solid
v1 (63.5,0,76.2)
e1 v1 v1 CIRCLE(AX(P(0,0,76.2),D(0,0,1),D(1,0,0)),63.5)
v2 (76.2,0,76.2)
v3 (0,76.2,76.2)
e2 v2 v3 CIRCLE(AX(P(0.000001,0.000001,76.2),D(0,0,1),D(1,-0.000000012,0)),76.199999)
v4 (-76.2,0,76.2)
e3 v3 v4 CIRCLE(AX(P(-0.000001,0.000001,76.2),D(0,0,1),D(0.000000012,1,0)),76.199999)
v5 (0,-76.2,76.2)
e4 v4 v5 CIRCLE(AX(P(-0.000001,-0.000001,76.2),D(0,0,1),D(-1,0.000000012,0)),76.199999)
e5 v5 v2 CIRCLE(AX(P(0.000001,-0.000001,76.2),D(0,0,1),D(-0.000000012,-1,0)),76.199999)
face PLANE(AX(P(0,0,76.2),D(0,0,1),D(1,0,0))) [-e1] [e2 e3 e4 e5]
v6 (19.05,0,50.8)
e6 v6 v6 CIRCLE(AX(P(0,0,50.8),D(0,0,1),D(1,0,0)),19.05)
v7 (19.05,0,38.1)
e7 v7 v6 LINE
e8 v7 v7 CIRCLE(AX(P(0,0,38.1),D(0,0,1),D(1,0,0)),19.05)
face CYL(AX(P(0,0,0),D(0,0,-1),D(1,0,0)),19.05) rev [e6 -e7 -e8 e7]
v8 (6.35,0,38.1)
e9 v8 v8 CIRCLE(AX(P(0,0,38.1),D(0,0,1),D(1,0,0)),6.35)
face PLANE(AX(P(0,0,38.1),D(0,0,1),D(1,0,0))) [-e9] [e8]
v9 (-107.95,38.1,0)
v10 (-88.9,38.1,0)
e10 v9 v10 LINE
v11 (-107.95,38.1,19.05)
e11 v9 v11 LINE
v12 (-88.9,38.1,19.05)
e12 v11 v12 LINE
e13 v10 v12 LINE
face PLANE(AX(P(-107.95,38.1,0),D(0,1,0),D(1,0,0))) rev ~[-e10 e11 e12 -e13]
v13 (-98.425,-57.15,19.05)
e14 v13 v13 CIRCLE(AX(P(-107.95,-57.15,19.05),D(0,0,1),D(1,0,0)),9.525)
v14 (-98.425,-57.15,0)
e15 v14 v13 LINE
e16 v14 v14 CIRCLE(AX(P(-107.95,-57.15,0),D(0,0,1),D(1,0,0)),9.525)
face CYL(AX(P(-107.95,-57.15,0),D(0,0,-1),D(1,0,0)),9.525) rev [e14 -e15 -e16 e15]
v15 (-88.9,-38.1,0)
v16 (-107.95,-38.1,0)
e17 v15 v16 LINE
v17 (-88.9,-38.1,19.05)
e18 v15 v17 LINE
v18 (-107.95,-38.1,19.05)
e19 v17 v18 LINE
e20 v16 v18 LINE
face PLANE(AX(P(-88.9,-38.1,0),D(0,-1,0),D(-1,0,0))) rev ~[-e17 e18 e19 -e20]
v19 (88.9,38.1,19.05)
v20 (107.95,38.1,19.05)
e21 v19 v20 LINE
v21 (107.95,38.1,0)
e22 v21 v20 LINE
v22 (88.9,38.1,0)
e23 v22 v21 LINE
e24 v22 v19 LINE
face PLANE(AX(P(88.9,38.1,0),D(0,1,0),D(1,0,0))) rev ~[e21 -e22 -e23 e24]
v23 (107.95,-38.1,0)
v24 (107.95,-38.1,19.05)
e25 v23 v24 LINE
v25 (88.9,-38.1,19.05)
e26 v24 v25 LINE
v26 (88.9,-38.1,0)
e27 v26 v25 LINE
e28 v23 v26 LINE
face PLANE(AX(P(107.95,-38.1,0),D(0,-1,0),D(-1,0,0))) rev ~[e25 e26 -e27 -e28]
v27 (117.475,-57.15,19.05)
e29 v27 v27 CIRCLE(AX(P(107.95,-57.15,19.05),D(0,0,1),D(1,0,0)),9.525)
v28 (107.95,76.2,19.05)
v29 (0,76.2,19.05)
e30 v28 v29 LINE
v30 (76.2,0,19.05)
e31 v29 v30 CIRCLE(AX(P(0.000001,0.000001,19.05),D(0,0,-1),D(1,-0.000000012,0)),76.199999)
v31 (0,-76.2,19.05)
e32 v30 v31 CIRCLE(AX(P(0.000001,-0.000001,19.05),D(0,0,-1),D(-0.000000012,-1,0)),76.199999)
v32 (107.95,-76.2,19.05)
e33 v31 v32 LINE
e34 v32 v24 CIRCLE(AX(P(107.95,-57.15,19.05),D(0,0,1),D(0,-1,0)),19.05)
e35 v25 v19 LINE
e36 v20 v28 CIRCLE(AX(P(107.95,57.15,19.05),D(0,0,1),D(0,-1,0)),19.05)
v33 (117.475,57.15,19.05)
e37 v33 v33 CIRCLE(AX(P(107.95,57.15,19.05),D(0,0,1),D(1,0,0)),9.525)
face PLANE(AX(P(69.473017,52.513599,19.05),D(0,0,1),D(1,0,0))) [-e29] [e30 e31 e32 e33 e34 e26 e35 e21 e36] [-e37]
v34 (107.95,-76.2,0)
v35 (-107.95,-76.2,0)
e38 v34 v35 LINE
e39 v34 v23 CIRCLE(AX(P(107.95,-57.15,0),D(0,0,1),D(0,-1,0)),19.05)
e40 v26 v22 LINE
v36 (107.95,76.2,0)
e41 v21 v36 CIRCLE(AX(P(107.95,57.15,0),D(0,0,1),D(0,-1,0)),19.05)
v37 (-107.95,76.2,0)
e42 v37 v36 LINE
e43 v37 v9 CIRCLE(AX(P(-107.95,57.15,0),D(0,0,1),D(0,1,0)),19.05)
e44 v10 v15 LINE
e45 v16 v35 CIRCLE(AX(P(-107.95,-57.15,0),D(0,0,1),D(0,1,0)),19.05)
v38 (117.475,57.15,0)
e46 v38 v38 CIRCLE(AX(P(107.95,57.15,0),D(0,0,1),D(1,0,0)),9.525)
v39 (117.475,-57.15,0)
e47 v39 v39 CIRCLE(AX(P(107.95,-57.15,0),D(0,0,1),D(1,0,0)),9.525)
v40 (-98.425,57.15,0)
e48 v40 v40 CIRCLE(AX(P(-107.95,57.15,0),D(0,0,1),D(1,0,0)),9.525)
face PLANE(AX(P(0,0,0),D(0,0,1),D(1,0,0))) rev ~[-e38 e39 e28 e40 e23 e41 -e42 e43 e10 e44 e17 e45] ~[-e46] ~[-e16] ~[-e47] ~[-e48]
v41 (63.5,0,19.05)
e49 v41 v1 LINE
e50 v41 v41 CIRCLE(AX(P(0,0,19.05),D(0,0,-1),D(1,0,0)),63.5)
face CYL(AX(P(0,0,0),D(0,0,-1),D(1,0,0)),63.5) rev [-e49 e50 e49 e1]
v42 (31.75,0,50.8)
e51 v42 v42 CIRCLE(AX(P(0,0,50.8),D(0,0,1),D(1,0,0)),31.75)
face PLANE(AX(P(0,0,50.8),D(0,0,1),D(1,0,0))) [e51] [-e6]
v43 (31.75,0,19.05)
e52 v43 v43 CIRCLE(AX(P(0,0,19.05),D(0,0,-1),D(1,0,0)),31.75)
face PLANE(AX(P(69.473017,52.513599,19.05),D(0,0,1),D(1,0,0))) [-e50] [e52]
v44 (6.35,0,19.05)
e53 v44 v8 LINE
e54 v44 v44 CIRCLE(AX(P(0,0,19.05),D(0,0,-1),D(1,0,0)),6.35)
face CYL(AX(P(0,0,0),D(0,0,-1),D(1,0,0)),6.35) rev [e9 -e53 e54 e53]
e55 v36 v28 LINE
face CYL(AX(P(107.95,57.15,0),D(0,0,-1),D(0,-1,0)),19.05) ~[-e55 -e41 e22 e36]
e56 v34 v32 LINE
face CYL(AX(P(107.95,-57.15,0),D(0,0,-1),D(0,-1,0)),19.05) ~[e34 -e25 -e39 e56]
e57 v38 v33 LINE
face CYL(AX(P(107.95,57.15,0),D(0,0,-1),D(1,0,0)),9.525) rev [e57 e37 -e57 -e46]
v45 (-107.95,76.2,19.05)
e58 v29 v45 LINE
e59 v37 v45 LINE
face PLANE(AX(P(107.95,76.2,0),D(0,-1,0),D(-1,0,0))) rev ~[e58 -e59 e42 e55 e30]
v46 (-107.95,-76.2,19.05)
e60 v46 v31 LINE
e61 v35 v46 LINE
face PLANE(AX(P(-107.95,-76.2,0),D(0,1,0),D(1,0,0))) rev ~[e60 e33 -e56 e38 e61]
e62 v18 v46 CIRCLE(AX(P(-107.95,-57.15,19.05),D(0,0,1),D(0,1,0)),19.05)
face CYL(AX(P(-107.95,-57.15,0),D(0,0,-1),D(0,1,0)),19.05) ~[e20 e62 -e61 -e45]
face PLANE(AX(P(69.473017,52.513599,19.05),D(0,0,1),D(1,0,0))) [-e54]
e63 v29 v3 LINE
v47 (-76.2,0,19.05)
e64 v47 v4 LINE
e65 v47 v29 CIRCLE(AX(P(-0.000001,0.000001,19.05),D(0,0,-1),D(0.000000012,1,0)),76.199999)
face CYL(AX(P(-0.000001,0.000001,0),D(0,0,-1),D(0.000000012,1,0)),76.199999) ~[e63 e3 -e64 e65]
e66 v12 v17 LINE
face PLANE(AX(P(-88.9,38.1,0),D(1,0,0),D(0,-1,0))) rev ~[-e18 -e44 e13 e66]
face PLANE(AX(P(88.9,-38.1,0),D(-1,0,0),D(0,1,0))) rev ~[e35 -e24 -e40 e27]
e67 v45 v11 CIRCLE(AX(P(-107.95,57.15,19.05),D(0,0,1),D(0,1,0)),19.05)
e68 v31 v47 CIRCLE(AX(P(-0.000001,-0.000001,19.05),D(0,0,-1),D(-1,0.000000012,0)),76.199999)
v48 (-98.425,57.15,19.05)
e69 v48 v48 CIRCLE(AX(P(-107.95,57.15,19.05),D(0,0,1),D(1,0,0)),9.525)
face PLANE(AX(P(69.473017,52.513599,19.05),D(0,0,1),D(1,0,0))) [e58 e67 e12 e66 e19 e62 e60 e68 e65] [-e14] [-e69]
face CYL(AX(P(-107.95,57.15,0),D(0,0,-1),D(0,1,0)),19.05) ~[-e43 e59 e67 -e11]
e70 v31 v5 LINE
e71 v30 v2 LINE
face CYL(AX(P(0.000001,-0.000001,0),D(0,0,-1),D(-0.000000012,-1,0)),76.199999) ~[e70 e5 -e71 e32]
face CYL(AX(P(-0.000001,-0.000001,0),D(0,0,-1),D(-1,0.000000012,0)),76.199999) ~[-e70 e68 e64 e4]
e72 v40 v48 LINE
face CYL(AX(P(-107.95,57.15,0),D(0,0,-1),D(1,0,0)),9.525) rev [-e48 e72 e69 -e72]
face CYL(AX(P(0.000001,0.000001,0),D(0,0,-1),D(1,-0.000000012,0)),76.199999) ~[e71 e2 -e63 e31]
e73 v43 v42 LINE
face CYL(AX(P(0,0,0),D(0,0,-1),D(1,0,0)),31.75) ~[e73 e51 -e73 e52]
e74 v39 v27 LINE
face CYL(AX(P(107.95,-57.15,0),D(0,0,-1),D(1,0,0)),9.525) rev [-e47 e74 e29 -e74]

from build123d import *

# Parameters (mm, degrees)
F0_R     = 9.525
F0_R_2   = 63.5
F0_R_3   = 31.75
F0_R_4   = 19.05
F0_R_5   = 6.35
F1_DEPTH = 19.05
F2_DEPTH = 76.2
F3_DEPTH = 50.8
F4_DEPTH = 38.1


with BuildPart() as f1:
    # F0 (on Top) → F1 (new body)
    with BuildSketch(Plane.XY):
        with BuildLine():
            ThreePointArc((0, 76.2), (53.881537, 53.881537), (76.2, 0))
            Line((76.2, 0), (88.9, 0))
            Line((88.9, 0), (88.9, 38.1))
            Line((88.9, 38.1), (107.95, 38.1))
            ThreePointArc((107.95, 38.1), (127, 57.15), (107.95, 76.2))
            Line((107.95, 76.2), (0, 76.2))
        make_face()
        with Locations((107.95, 57.15)):
            Circle(F0_R, mode=Mode.SUBTRACT)
        with BuildLine():
            ThreePointArc((-76.2, 0), (-53.881537, 53.881537), (0, 76.2))
            Line((0, 76.2), (-107.95, 76.2))
            ThreePointArc((-107.95, 76.2), (-127, 57.15), (-107.95, 38.1))
            Line((-107.95, 38.1), (-88.9, 38.1))
            Line((-88.9, 38.1), (-88.9, 0))
            Line((-88.9, 0), (-76.2, 0))
        make_face()
        with Locations((-107.95, 57.15)):
            Circle(F0_R, mode=Mode.SUBTRACT)
        with BuildLine():
            Line((-107.95, -76.2), (0, -76.2))
            ThreePointArc((0, -76.2), (-53.881537, -53.881537), (-76.2, 0))
            Line((-76.2, 0), (-88.9, 0))
            Line((-88.9, 0), (-88.9, -38.1))
            Line((-88.9, -38.1), (-107.95, -38.1))
            ThreePointArc((-107.95, -38.1), (-127, -57.15), (-107.95, -76.2))
        make_face()
        with Locations((-107.95, -57.15)):
            Circle(F0_R, mode=Mode.SUBTRACT)
        with BuildLine():
            Line((88.9, 0), (76.2, 0))
            ThreePointArc((76.2, 0), (53.881537, -53.881537), (0, -76.2))
            Line((0, -76.2), (107.95, -76.2))
            ThreePointArc((107.95, -76.2), (127, -57.15), (107.95, -38.1))
            Line((107.95, -38.1), (88.9, -38.1))
            Line((88.9, -38.1), (88.9, 0))
        make_face()
        with Locations((107.95, -57.15)):
            Circle(F0_R, mode=Mode.SUBTRACT)
        with BuildLine():
            ThreePointArc((0, -76.2), (53.881537, -53.881537), (76.2, 0))
            ThreePointArc((76.2, 0), (53.881537, 53.881537), (0, 76.2))
            ThreePointArc((0, 76.2), (-53.881537, 53.881537), (-76.2, 0))
            ThreePointArc((-76.2, 0), (-53.881537, -53.881537), (0, -76.2))
        make_face()
        Circle(F0_R_2, mode=Mode.SUBTRACT)
        Circle(F0_R_2)
        Circle(F0_R_3, mode=Mode.SUBTRACT)
        Circle(F0_R_3)
        Circle(F0_R_4, mode=Mode.SUBTRACT)
        Circle(F0_R_4)
        Circle(F0_R_5, mode=Mode.SUBTRACT)
        Circle(F0_R_5)
    extrude(amount=F1_DEPTH)

    # F0 (on Top) → F2 (join)
    with BuildSketch(Plane.XY):
        with BuildLine():
            ThreePointArc((0, -76.2), (53.881537, -53.881537), (76.2, 0))
            ThreePointArc((76.2, 0), (53.881537, 53.881537), (0, 76.2))
            ThreePointArc((0, 76.2), (-53.881537, 53.881537), (-76.2, 0))
            ThreePointArc((-76.2, 0), (-53.881537, -53.881537), (0, -76.2))
        make_face()
        Circle(F0_R_2, mode=Mode.SUBTRACT)
    extrude(amount=F2_DEPTH)

    # F0 (on Top) → F3 (join)
    with BuildSketch(Plane.XY):
        Circle(F0_R_3)
        Circle(F0_R_4, mode=Mode.SUBTRACT)
    extrude(amount=F3_DEPTH)

    # F0 (on Top) → F4 (join)
    with BuildSketch(Plane.XY):
        Circle(F0_R_4)
        Circle(F0_R_5, mode=Mode.SUBTRACT)
    extrude(amount=F4_DEPTH)


solid = f1.part
